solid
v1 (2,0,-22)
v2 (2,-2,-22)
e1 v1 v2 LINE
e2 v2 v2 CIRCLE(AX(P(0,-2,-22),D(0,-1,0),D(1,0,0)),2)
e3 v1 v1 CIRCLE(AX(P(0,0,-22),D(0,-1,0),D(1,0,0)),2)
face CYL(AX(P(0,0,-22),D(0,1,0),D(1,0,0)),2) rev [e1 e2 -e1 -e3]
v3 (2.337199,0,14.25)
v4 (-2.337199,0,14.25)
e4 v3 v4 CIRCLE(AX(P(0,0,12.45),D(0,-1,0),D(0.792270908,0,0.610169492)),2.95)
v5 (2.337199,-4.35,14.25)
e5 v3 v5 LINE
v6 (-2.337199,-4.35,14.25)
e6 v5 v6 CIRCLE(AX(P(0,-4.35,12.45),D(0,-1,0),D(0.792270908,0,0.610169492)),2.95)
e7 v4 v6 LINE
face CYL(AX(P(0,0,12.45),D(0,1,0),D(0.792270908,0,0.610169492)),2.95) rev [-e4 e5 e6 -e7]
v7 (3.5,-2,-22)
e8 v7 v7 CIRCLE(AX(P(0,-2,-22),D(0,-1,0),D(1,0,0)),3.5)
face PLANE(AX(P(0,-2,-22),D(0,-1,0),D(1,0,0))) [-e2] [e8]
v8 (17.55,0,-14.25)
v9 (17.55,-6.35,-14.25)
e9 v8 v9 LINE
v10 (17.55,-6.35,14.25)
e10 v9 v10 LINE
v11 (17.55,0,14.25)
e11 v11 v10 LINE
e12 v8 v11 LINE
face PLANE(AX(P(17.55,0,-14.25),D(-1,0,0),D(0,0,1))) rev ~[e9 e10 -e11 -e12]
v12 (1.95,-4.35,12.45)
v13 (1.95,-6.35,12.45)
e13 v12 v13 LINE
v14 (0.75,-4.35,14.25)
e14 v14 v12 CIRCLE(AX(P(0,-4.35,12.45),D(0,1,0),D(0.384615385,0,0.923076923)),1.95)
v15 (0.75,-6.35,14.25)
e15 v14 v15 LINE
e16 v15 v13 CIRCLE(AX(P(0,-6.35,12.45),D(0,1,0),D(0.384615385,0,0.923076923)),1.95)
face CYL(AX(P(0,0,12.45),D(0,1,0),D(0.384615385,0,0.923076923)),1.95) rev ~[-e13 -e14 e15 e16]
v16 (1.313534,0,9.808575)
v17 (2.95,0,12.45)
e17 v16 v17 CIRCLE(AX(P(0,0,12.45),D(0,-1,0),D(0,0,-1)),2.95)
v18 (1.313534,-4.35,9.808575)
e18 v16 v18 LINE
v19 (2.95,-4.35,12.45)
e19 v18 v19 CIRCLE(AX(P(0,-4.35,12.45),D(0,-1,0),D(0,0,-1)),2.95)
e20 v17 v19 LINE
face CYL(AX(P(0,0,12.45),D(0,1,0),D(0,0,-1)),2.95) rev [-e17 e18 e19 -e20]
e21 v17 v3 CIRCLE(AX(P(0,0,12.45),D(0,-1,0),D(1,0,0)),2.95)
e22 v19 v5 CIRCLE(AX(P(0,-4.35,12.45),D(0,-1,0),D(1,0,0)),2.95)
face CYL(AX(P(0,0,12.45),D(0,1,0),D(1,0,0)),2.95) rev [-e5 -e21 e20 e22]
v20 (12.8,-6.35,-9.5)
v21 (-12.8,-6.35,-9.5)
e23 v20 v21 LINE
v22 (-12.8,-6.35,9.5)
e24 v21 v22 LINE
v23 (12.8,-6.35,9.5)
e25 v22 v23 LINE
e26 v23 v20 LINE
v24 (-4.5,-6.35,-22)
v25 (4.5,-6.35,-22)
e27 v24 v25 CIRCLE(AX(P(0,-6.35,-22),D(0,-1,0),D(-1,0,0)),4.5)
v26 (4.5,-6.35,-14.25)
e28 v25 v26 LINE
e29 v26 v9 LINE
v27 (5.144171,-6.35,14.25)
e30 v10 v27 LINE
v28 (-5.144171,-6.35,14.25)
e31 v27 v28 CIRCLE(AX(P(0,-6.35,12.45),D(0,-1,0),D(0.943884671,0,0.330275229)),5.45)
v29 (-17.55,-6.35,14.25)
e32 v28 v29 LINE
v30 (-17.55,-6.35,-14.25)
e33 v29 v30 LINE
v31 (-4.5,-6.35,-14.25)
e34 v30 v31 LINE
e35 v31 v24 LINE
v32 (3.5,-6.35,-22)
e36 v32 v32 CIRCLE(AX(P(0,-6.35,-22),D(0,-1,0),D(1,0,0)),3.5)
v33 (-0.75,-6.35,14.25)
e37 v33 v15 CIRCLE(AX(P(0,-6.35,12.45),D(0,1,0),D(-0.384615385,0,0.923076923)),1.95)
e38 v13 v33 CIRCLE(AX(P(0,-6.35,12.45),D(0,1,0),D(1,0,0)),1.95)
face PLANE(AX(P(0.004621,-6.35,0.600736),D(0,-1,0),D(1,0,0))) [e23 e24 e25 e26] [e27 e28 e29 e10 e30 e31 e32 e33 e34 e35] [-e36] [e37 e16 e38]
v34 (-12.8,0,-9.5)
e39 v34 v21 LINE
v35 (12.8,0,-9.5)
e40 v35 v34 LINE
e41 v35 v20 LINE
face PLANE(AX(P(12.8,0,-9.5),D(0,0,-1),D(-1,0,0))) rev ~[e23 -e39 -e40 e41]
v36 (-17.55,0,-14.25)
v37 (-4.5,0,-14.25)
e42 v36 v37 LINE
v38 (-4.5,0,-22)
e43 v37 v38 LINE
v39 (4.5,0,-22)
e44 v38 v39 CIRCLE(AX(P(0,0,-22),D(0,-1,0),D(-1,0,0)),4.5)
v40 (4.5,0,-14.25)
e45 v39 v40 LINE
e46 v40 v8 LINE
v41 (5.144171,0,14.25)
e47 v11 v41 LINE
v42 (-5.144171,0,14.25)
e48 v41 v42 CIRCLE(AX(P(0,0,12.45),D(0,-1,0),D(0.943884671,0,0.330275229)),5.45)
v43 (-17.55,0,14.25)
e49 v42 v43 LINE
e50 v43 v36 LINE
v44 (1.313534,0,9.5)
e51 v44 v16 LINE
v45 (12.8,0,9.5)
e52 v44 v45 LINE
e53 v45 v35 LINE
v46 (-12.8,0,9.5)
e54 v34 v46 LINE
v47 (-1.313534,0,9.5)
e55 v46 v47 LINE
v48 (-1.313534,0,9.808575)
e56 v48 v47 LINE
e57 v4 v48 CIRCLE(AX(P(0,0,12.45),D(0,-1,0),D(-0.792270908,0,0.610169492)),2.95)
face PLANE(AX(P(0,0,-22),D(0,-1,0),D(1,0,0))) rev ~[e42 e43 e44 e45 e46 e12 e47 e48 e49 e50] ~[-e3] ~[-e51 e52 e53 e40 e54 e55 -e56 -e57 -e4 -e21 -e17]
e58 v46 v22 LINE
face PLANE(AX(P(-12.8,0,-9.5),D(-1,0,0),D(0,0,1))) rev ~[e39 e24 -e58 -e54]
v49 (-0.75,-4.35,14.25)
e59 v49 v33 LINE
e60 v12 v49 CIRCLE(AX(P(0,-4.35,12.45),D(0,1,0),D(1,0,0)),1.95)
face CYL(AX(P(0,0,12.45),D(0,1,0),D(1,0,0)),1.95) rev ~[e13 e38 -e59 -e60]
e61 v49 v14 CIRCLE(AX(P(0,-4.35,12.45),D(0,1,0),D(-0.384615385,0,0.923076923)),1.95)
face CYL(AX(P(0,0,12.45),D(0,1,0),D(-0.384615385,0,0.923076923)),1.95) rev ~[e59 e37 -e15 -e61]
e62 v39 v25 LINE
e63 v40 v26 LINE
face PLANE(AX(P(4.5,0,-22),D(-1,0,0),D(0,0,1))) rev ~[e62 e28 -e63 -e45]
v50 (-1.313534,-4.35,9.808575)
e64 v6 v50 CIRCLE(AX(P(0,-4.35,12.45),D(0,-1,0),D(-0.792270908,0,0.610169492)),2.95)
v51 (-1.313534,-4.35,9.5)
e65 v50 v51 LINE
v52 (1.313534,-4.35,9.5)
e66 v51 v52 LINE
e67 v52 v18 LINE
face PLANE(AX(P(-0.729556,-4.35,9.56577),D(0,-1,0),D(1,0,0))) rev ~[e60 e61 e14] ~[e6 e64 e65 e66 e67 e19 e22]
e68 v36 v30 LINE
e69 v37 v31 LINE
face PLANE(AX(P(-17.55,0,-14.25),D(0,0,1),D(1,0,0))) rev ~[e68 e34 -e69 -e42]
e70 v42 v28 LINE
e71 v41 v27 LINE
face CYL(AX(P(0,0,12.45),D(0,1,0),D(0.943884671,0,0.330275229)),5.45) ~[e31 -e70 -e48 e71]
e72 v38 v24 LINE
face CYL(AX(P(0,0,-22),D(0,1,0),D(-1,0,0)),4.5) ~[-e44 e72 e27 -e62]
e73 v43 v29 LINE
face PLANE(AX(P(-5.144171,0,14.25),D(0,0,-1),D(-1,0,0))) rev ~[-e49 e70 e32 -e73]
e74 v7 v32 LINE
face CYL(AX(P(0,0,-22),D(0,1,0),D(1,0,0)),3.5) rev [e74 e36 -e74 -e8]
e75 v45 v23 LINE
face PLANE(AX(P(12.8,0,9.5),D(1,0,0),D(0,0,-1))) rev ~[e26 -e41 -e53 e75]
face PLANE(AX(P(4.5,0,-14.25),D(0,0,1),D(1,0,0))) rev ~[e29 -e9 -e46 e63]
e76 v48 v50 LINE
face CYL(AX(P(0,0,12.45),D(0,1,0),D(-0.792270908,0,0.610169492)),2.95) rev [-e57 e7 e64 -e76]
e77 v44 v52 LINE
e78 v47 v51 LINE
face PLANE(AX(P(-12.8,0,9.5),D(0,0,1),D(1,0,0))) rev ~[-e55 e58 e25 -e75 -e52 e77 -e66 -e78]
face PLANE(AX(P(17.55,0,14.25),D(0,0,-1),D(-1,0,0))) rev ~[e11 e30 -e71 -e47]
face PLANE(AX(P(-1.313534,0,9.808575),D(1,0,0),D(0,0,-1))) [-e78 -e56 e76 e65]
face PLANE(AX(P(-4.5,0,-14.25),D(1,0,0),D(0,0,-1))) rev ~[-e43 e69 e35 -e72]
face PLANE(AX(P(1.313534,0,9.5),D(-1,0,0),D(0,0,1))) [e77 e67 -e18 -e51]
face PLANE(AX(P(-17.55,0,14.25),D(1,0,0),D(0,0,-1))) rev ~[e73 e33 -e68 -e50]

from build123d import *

# Parameters (mm, degrees)
F0_R     = 3.5
F1_DEPTH = 6.35
F0_R_2   = 2
F2_DEPTH = 2
F4_DEPTH = 4.35


with BuildPart() as f1:
    # F0 (on Front) → F1 (new body)
    with BuildSketch(Plane.XZ):
        with BuildLine():
            ThreePointArc((2.95, 12.45), (2.0859650045, 10.3640349955), (0, 9.5))
            ThreePointArc((0, 9.5), (-2.6469321865, 11.1475983722), (-2.3371991785, 14.25))
            Line((-2.3371991785, 14.25), (-5.144171459, 14.25))
            Line((-5.144171459, 14.25), (-17.55, 14.25))
            Line((-17.55, 14.25), (-17.55, -14.25))
            Line((-17.55, -14.25), (-4.5, -14.25))
            Line((-4.5, -14.25), (4.5, -14.25))
            Line((4.5, -14.25), (17.55, -14.25))
            Line((17.55, -14.25), (17.55, 14.25))
            Line((17.55, 14.25), (5.144171459, 14.25))
            Line((5.144171459, 14.25), (2.3371991785, 14.25))
            ThreePointArc((2.3371991785, 14.25), (2.7926007212, 13.4007266756), (2.95, 12.45))
        make_face()
        Polygon((-12.8, -9.5), (-12.8, 9.5), (0, 9.5), (12.8, 9.5), (12.8, -9.5), align=None, mode=Mode.SUBTRACT)
        with BuildLine():
            ThreePointArc((-2.3371991785, 14.25), (-2.6469321865, 11.1475983722), (0, 9.5))
            ThreePointArc((0, 9.5), (2.0859650045, 10.3640349955), (2.95, 12.45))
            ThreePointArc((2.95, 12.45), (2.7926007212, 13.4007266756), (2.3371991785, 14.25))
            Line((2.3371991785, 14.25), (0.75, 14.25))
            ThreePointArc((0.75, 14.25), (1.622498074, 13.5316653826), (1.95, 12.45))
            ThreePointArc((1.95, 12.45), (-1.0816653826, 10.827501926), (-0.75, 14.25))
            Line((-0.75, 14.25), (-2.3371991785, 14.25))
        make_face()
        with BuildLine():
            Line((-5.144171459, 14.25), (-2.3371991785, 14.25))
            ThreePointArc((-2.3371991785, 14.25), (0, 15.4), (2.3371991785, 14.25))
            Line((2.3371991785, 14.25), (5.144171459, 14.25))
            ThreePointArc((5.144171459, 14.25), (0, 17.9), (-5.144171459, 14.25))
        make_face()
        with BuildLine():
            ThreePointArc((2.3371991785, 14.25), (0, 15.4), (-2.3371991785, 14.25))
            Line((-2.3371991785, 14.25), (-0.75, 14.25))
            ThreePointArc((-0.75, 14.25), (0, 14.4), (0.75, 14.25))
            Line((0.75, 14.25), (2.3371991785, 14.25))
        make_face()
        with BuildLine():
            Line((4.5, -14.25), (-4.5, -14.25))
            Line((-4.5, -14.25), (-4.5, -22))
            ThreePointArc((-4.5, -22), (0, -26.5), (4.5, -22))
            Line((4.5, -22), (4.5, -14.25))
        make_face()
        with Locations((0, -22)):
            Circle(F0_R, mode=Mode.SUBTRACT)
    extrude(amount=F1_DEPTH)

    # F0 (on Front) → F2 (join)
    with BuildSketch(Plane.XZ):
        with Locations((0, -22)):
            Circle(F0_R)
        with Locations((0, -22)):
            Circle(F0_R_2, mode=Mode.SUBTRACT)
    extrude(amount=F2_DEPTH)

    # F0 (on Front) + F3 (on face) → F4 (cut)
    with BuildSketch(Plane.XZ):
        with BuildLine():
            ThreePointArc((-2.3371991785, 14.25), (-2.6469321865, 11.1475983722), (0, 9.5))
            ThreePointArc((0, 9.5), (2.0859650045, 10.3640349955), (2.95, 12.45))
            ThreePointArc((2.95, 12.45), (2.7926007212, 13.4007266756), (2.3371991785, 14.25))
            Line((2.3371991785, 14.25), (0.75, 14.25))
            ThreePointArc((0.75, 14.25), (1.622498074, 13.5316653826), (1.95, 12.45))
            ThreePointArc((1.95, 12.45), (-1.0816653826, 10.827501926), (-0.75, 14.25))
            Line((-0.75, 14.25), (-2.3371991785, 14.25))
        make_face()
        with BuildLine():
            ThreePointArc((2.3371991785, 14.25), (0, 15.4), (-2.3371991785, 14.25))
            Line((-2.3371991785, 14.25), (-0.75, 14.25))
            ThreePointArc((-0.75, 14.25), (0, 14.4), (0.75, 14.25))
            Line((0.75, 14.25), (2.3371991785, 14.25))
        make_face()
    with BuildSketch(Plane.XZ):
        with BuildLine():
            Line((-1.3135344248, 9.5), (0, 9.5))
            ThreePointArc((0, 9.5), (-0.6746464011, 9.5781796307), (-1.3135344248, 9.8085747569))
            Line((-1.3135344248, 9.8085747569), (-1.3135344248, 9.5))
        make_face()
        with BuildLine():
            Line((1.3135344248, 9.5), (1.3135344248, 9.8085747569))
            ThreePointArc((1.3135344248, 9.8085747569), (0.6746464011, 9.5781796307), (0, 9.5))
            Line((0, 9.5), (1.3135344248, 9.5))
        make_face()
    extrude(amount=F4_DEPTH, mode=Mode.SUBTRACT)


solid = f1.part
